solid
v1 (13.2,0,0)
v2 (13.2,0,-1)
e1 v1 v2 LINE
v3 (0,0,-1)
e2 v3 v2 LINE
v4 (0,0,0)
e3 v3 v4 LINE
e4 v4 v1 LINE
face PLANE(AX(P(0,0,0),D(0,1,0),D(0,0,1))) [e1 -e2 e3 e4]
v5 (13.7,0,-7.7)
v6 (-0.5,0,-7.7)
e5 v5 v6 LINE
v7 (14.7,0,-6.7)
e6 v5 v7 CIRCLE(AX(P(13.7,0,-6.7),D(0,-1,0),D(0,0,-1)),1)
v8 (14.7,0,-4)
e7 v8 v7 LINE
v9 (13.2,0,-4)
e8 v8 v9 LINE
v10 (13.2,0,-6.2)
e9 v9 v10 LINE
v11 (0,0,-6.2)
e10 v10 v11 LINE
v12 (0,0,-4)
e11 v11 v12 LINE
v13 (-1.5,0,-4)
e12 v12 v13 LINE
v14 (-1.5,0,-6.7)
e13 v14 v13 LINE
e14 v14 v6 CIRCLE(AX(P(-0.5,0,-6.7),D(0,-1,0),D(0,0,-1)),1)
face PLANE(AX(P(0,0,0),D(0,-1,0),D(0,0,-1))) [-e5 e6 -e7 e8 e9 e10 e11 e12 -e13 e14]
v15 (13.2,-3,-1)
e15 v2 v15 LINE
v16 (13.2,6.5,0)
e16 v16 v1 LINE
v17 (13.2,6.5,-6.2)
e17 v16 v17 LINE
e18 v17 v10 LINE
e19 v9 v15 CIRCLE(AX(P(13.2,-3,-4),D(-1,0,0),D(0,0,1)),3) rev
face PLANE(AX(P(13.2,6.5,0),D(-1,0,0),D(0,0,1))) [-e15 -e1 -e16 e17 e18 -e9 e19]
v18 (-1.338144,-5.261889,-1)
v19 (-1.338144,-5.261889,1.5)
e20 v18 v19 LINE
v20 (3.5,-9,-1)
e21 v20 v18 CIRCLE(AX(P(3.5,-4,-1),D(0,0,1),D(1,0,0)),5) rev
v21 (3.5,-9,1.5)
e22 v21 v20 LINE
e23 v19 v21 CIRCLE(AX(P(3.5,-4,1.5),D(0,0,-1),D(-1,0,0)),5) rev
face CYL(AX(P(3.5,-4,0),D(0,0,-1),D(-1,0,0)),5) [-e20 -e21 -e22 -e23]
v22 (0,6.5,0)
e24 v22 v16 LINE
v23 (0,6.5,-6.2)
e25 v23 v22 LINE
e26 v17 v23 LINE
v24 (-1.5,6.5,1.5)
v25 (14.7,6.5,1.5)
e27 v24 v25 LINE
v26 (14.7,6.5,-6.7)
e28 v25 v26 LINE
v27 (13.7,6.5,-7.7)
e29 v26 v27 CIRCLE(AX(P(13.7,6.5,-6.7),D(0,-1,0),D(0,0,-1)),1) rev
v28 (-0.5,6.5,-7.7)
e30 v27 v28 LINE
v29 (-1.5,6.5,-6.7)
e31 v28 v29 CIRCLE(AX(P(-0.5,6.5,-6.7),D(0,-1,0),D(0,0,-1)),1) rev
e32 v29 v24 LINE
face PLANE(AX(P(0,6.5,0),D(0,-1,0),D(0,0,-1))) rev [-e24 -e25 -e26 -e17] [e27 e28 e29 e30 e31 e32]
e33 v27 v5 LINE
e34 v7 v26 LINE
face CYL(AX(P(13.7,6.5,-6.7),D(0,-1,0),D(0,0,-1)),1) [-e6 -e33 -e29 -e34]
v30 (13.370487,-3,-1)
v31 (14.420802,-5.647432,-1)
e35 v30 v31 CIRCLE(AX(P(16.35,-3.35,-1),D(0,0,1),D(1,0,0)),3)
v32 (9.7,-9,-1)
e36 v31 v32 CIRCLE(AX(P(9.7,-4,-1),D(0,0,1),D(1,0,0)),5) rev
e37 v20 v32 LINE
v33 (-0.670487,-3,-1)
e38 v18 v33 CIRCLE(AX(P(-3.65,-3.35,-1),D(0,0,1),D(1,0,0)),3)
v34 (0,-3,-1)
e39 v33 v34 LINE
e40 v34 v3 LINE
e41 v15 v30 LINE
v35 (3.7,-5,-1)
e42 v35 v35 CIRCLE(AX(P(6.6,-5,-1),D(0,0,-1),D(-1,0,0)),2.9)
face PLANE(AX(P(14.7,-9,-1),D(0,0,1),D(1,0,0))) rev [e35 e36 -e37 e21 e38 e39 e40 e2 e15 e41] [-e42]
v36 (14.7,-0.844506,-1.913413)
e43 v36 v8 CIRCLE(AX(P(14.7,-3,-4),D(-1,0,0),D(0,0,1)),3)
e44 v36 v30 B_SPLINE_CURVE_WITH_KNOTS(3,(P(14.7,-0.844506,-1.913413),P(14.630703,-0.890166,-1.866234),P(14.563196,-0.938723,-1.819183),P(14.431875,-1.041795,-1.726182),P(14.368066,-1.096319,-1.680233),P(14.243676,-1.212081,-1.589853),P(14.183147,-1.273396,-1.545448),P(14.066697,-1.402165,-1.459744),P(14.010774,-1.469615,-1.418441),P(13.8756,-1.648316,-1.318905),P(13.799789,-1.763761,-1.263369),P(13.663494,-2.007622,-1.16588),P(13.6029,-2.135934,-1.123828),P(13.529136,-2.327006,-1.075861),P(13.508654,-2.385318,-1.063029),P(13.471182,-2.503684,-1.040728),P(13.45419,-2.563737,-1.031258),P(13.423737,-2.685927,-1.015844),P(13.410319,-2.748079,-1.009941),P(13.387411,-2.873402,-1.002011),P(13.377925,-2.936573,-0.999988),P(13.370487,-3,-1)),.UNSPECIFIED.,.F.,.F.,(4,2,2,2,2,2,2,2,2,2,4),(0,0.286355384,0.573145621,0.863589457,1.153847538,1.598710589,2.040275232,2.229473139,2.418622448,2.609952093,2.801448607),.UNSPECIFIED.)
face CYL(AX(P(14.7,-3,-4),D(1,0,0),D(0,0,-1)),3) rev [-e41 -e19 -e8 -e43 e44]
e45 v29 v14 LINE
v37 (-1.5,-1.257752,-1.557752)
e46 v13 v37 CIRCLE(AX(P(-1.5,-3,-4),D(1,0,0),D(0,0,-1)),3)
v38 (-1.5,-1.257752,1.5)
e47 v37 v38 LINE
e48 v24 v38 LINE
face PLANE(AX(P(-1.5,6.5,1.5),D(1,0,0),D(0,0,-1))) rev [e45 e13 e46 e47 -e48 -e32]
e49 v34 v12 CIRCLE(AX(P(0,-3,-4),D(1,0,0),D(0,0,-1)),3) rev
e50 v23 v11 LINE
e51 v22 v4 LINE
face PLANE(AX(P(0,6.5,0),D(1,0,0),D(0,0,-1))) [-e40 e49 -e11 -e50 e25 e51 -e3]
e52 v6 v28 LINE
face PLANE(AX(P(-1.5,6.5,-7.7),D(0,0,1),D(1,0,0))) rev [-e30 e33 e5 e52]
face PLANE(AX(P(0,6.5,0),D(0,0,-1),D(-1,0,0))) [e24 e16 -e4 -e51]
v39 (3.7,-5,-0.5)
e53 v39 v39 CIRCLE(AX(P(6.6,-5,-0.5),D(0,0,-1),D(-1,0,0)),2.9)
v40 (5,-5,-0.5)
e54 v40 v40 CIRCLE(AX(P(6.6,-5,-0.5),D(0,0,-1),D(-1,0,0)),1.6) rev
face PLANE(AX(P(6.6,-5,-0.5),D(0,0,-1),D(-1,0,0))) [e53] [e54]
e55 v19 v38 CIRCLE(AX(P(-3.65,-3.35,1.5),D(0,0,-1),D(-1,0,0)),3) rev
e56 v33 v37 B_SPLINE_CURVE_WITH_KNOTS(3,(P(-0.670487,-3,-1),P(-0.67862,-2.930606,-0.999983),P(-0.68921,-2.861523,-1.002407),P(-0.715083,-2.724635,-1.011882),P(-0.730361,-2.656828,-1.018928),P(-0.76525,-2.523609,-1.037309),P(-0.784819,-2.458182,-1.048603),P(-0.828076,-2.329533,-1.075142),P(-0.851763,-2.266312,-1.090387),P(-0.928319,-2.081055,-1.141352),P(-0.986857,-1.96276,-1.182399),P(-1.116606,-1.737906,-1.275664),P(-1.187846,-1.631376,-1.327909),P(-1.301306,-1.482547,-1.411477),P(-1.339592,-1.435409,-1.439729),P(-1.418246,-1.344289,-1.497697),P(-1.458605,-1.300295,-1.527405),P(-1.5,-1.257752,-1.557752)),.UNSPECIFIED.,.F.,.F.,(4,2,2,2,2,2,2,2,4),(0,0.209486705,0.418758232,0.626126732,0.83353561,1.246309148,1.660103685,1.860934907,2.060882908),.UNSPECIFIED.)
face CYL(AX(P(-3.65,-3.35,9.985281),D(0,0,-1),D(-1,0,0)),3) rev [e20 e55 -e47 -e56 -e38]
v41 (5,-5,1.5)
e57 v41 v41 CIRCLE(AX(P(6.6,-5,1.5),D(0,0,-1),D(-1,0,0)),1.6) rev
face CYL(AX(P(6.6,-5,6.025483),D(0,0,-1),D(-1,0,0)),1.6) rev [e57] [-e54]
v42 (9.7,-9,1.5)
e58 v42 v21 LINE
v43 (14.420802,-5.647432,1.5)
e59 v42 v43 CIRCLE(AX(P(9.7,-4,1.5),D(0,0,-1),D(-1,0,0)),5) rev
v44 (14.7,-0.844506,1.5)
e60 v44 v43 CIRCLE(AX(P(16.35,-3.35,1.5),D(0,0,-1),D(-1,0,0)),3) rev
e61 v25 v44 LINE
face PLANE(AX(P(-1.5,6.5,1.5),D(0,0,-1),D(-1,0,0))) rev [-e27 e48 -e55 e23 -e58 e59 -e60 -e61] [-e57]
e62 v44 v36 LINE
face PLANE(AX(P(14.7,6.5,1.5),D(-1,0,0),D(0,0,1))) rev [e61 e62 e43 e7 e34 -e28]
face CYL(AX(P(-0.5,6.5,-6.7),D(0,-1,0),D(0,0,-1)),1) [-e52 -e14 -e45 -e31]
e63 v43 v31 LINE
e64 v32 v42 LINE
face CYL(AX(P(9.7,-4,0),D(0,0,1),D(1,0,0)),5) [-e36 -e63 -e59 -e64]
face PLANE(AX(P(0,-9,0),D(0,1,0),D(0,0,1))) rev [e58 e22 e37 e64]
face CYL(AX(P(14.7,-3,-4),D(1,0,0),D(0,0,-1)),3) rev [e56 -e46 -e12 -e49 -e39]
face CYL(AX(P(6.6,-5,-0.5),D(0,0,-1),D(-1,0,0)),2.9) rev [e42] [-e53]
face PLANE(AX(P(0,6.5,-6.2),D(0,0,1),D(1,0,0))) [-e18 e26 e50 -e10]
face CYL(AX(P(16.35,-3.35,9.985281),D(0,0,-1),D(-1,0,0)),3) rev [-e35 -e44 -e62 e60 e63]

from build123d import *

# Parameters (mm, degrees)
CROQUIS1_W              = 16.2
CROQUIS1_H              = 9.2
CROQUIS1_W_2            = 13.2
CROQUIS1_H_2            = 6.2
SALIENTE_EXTRUIR1_DEPTH = 6.5
CROQUIS3_W              = 16.2
CROQUIS3_H              = 2.5
SALIENTE_EXTRUIR2_DEPTH = 9
CROQUIS4_R              = 1.6
CORTAR_EXTRUIR1_DEPTH   = 2.5
REDONDEO1_R             = 1
REDONDEO2_R             = 5
REDONDEO3_R             = 3
CORTAR_EXTRUIR2_REACH   = 21.538
CROQUIS5_R              = 3
CROQUIS6_R              = 2.9
CORTAR_EXTRUIR3_DEPTH   = 0.5


with BuildPart() as part:
    # Croquis1 → Saliente-Extruir1 (new body)
    with BuildSketch(Plane(origin=(0, 0, 0), x_dir=(1, 0, 0), z_dir=(0, 1, 0))):
        with Locations((6.6, 3.1)):
            Rectangle(CROQUIS1_W, CROQUIS1_H)
        with Locations((6.6, 3.1)):
            Rectangle(CROQUIS1_W_2, CROQUIS1_H_2, mode=Mode.SUBTRACT)
    extrude(amount=SALIENTE_EXTRUIR1_DEPTH)

    # Croquis3 → Saliente-Extruir2 (add)
    with BuildSketch(Plane.XZ):
        with Locations((6.6, 0.25)):
            Rectangle(CROQUIS3_W, CROQUIS3_H)
    extrude(amount=SALIENTE_EXTRUIR2_DEPTH)

    # Croquis4 → Cortar-Extruir1 (cut)
    with BuildSketch(Plane(origin=(0, 0, -1), x_dir=(-1, 0, 0), z_dir=(0, 0, -1))):
        with Locations((-6.6, -5)):
            Circle(CROQUIS4_R)
    extrude(amount=-CORTAR_EXTRUIR1_DEPTH, mode=Mode.SUBTRACT)

    # Redondeo1
    redondeo1_edges = [part.edges().sort_by_distance(p)[0] for p in [
        (-1.5, 3.25, -7.7),
        (14.7, 3.25, -7.7),
    ]]
    fillet(redondeo1_edges, radius=REDONDEO1_R)

    # Redondeo2
    redondeo2_edges = [part.edges().sort_by_distance(p)[0] for p in [
        (14.7, -9, 0.25),
        (-1.5, -9, 0.25),
    ]]
    fillet(redondeo2_edges, radius=REDONDEO2_R)

    # Redondeo3
    redondeo3_edges = [part.edges().sort_by_distance(p)[0] for p in [
        (13.95, 0, -1),
        (-0.75, 0, -1),
    ]]
    fillet(redondeo3_edges, radius=REDONDEO3_R)

    # Cortar-Extruir2: up to this face of the body (flat: up to its plane)
    cortar_extruir2_end = Plane(part.part.faces().sort_by_distance((6.6, -0.813832354, 1.5))[0])
    # Croquis5 → Cortar-Extruir2 (cut, up to the picked face)
    with BuildSketch(Plane(origin=(0, 0, -7.7), x_dir=(-1, 0, 0), z_dir=(0, 0, -1)), mode=Mode.PRIVATE) as cortar_extruir2_sk1:
        with Locations((-16.35, -3.35)):
            Circle(CROQUIS5_R)
    cortar_extruir2_tool1 = split(extrude(cortar_extruir2_sk1.sketch, amount=-CORTAR_EXTRUIR2_REACH, mode=Mode.PRIVATE), bisect_by=cortar_extruir2_end, keep=Keep.BOTH, mode=Mode.PRIVATE)
    # Croquis5 → Cortar-Extruir2 (cut, up to the picked face)
    with BuildSketch(Plane(origin=(0, 0, -7.7), x_dir=(-1, 0, 0), z_dir=(0, 0, -1)), mode=Mode.PRIVATE) as cortar_extruir2_sk2:
        with Locations((3.65, -3.35)):
            Circle(CROQUIS5_R)
    cortar_extruir2_tool2 = split(extrude(cortar_extruir2_sk2.sketch, amount=-CORTAR_EXTRUIR2_REACH, mode=Mode.PRIVATE), bisect_by=cortar_extruir2_end, keep=Keep.BOTH, mode=Mode.PRIVATE)
    add(cortar_extruir2_tool1.solids().sort_by(Axis((16.35, -3.35, -7.7), (0, 0, 1)))[0], mode=Mode.SUBTRACT)
    add(cortar_extruir2_tool2.solids().sort_by(Axis((-3.65, -3.35, -7.7), (0, 0, 1)))[0], mode=Mode.SUBTRACT)

    # Croquis6 → Cortar-Extruir3 (cut)
    with BuildSketch(Plane(origin=(0, 0, -1), x_dir=(-1, 0, 0), z_dir=(0, 0, -1))):
        with Locations((-6.6, -5)):
            Circle(CROQUIS6_R)
    extrude(amount=-CORTAR_EXTRUIR3_DEPTH, mode=Mode.SUBTRACT)


solid = part.part
